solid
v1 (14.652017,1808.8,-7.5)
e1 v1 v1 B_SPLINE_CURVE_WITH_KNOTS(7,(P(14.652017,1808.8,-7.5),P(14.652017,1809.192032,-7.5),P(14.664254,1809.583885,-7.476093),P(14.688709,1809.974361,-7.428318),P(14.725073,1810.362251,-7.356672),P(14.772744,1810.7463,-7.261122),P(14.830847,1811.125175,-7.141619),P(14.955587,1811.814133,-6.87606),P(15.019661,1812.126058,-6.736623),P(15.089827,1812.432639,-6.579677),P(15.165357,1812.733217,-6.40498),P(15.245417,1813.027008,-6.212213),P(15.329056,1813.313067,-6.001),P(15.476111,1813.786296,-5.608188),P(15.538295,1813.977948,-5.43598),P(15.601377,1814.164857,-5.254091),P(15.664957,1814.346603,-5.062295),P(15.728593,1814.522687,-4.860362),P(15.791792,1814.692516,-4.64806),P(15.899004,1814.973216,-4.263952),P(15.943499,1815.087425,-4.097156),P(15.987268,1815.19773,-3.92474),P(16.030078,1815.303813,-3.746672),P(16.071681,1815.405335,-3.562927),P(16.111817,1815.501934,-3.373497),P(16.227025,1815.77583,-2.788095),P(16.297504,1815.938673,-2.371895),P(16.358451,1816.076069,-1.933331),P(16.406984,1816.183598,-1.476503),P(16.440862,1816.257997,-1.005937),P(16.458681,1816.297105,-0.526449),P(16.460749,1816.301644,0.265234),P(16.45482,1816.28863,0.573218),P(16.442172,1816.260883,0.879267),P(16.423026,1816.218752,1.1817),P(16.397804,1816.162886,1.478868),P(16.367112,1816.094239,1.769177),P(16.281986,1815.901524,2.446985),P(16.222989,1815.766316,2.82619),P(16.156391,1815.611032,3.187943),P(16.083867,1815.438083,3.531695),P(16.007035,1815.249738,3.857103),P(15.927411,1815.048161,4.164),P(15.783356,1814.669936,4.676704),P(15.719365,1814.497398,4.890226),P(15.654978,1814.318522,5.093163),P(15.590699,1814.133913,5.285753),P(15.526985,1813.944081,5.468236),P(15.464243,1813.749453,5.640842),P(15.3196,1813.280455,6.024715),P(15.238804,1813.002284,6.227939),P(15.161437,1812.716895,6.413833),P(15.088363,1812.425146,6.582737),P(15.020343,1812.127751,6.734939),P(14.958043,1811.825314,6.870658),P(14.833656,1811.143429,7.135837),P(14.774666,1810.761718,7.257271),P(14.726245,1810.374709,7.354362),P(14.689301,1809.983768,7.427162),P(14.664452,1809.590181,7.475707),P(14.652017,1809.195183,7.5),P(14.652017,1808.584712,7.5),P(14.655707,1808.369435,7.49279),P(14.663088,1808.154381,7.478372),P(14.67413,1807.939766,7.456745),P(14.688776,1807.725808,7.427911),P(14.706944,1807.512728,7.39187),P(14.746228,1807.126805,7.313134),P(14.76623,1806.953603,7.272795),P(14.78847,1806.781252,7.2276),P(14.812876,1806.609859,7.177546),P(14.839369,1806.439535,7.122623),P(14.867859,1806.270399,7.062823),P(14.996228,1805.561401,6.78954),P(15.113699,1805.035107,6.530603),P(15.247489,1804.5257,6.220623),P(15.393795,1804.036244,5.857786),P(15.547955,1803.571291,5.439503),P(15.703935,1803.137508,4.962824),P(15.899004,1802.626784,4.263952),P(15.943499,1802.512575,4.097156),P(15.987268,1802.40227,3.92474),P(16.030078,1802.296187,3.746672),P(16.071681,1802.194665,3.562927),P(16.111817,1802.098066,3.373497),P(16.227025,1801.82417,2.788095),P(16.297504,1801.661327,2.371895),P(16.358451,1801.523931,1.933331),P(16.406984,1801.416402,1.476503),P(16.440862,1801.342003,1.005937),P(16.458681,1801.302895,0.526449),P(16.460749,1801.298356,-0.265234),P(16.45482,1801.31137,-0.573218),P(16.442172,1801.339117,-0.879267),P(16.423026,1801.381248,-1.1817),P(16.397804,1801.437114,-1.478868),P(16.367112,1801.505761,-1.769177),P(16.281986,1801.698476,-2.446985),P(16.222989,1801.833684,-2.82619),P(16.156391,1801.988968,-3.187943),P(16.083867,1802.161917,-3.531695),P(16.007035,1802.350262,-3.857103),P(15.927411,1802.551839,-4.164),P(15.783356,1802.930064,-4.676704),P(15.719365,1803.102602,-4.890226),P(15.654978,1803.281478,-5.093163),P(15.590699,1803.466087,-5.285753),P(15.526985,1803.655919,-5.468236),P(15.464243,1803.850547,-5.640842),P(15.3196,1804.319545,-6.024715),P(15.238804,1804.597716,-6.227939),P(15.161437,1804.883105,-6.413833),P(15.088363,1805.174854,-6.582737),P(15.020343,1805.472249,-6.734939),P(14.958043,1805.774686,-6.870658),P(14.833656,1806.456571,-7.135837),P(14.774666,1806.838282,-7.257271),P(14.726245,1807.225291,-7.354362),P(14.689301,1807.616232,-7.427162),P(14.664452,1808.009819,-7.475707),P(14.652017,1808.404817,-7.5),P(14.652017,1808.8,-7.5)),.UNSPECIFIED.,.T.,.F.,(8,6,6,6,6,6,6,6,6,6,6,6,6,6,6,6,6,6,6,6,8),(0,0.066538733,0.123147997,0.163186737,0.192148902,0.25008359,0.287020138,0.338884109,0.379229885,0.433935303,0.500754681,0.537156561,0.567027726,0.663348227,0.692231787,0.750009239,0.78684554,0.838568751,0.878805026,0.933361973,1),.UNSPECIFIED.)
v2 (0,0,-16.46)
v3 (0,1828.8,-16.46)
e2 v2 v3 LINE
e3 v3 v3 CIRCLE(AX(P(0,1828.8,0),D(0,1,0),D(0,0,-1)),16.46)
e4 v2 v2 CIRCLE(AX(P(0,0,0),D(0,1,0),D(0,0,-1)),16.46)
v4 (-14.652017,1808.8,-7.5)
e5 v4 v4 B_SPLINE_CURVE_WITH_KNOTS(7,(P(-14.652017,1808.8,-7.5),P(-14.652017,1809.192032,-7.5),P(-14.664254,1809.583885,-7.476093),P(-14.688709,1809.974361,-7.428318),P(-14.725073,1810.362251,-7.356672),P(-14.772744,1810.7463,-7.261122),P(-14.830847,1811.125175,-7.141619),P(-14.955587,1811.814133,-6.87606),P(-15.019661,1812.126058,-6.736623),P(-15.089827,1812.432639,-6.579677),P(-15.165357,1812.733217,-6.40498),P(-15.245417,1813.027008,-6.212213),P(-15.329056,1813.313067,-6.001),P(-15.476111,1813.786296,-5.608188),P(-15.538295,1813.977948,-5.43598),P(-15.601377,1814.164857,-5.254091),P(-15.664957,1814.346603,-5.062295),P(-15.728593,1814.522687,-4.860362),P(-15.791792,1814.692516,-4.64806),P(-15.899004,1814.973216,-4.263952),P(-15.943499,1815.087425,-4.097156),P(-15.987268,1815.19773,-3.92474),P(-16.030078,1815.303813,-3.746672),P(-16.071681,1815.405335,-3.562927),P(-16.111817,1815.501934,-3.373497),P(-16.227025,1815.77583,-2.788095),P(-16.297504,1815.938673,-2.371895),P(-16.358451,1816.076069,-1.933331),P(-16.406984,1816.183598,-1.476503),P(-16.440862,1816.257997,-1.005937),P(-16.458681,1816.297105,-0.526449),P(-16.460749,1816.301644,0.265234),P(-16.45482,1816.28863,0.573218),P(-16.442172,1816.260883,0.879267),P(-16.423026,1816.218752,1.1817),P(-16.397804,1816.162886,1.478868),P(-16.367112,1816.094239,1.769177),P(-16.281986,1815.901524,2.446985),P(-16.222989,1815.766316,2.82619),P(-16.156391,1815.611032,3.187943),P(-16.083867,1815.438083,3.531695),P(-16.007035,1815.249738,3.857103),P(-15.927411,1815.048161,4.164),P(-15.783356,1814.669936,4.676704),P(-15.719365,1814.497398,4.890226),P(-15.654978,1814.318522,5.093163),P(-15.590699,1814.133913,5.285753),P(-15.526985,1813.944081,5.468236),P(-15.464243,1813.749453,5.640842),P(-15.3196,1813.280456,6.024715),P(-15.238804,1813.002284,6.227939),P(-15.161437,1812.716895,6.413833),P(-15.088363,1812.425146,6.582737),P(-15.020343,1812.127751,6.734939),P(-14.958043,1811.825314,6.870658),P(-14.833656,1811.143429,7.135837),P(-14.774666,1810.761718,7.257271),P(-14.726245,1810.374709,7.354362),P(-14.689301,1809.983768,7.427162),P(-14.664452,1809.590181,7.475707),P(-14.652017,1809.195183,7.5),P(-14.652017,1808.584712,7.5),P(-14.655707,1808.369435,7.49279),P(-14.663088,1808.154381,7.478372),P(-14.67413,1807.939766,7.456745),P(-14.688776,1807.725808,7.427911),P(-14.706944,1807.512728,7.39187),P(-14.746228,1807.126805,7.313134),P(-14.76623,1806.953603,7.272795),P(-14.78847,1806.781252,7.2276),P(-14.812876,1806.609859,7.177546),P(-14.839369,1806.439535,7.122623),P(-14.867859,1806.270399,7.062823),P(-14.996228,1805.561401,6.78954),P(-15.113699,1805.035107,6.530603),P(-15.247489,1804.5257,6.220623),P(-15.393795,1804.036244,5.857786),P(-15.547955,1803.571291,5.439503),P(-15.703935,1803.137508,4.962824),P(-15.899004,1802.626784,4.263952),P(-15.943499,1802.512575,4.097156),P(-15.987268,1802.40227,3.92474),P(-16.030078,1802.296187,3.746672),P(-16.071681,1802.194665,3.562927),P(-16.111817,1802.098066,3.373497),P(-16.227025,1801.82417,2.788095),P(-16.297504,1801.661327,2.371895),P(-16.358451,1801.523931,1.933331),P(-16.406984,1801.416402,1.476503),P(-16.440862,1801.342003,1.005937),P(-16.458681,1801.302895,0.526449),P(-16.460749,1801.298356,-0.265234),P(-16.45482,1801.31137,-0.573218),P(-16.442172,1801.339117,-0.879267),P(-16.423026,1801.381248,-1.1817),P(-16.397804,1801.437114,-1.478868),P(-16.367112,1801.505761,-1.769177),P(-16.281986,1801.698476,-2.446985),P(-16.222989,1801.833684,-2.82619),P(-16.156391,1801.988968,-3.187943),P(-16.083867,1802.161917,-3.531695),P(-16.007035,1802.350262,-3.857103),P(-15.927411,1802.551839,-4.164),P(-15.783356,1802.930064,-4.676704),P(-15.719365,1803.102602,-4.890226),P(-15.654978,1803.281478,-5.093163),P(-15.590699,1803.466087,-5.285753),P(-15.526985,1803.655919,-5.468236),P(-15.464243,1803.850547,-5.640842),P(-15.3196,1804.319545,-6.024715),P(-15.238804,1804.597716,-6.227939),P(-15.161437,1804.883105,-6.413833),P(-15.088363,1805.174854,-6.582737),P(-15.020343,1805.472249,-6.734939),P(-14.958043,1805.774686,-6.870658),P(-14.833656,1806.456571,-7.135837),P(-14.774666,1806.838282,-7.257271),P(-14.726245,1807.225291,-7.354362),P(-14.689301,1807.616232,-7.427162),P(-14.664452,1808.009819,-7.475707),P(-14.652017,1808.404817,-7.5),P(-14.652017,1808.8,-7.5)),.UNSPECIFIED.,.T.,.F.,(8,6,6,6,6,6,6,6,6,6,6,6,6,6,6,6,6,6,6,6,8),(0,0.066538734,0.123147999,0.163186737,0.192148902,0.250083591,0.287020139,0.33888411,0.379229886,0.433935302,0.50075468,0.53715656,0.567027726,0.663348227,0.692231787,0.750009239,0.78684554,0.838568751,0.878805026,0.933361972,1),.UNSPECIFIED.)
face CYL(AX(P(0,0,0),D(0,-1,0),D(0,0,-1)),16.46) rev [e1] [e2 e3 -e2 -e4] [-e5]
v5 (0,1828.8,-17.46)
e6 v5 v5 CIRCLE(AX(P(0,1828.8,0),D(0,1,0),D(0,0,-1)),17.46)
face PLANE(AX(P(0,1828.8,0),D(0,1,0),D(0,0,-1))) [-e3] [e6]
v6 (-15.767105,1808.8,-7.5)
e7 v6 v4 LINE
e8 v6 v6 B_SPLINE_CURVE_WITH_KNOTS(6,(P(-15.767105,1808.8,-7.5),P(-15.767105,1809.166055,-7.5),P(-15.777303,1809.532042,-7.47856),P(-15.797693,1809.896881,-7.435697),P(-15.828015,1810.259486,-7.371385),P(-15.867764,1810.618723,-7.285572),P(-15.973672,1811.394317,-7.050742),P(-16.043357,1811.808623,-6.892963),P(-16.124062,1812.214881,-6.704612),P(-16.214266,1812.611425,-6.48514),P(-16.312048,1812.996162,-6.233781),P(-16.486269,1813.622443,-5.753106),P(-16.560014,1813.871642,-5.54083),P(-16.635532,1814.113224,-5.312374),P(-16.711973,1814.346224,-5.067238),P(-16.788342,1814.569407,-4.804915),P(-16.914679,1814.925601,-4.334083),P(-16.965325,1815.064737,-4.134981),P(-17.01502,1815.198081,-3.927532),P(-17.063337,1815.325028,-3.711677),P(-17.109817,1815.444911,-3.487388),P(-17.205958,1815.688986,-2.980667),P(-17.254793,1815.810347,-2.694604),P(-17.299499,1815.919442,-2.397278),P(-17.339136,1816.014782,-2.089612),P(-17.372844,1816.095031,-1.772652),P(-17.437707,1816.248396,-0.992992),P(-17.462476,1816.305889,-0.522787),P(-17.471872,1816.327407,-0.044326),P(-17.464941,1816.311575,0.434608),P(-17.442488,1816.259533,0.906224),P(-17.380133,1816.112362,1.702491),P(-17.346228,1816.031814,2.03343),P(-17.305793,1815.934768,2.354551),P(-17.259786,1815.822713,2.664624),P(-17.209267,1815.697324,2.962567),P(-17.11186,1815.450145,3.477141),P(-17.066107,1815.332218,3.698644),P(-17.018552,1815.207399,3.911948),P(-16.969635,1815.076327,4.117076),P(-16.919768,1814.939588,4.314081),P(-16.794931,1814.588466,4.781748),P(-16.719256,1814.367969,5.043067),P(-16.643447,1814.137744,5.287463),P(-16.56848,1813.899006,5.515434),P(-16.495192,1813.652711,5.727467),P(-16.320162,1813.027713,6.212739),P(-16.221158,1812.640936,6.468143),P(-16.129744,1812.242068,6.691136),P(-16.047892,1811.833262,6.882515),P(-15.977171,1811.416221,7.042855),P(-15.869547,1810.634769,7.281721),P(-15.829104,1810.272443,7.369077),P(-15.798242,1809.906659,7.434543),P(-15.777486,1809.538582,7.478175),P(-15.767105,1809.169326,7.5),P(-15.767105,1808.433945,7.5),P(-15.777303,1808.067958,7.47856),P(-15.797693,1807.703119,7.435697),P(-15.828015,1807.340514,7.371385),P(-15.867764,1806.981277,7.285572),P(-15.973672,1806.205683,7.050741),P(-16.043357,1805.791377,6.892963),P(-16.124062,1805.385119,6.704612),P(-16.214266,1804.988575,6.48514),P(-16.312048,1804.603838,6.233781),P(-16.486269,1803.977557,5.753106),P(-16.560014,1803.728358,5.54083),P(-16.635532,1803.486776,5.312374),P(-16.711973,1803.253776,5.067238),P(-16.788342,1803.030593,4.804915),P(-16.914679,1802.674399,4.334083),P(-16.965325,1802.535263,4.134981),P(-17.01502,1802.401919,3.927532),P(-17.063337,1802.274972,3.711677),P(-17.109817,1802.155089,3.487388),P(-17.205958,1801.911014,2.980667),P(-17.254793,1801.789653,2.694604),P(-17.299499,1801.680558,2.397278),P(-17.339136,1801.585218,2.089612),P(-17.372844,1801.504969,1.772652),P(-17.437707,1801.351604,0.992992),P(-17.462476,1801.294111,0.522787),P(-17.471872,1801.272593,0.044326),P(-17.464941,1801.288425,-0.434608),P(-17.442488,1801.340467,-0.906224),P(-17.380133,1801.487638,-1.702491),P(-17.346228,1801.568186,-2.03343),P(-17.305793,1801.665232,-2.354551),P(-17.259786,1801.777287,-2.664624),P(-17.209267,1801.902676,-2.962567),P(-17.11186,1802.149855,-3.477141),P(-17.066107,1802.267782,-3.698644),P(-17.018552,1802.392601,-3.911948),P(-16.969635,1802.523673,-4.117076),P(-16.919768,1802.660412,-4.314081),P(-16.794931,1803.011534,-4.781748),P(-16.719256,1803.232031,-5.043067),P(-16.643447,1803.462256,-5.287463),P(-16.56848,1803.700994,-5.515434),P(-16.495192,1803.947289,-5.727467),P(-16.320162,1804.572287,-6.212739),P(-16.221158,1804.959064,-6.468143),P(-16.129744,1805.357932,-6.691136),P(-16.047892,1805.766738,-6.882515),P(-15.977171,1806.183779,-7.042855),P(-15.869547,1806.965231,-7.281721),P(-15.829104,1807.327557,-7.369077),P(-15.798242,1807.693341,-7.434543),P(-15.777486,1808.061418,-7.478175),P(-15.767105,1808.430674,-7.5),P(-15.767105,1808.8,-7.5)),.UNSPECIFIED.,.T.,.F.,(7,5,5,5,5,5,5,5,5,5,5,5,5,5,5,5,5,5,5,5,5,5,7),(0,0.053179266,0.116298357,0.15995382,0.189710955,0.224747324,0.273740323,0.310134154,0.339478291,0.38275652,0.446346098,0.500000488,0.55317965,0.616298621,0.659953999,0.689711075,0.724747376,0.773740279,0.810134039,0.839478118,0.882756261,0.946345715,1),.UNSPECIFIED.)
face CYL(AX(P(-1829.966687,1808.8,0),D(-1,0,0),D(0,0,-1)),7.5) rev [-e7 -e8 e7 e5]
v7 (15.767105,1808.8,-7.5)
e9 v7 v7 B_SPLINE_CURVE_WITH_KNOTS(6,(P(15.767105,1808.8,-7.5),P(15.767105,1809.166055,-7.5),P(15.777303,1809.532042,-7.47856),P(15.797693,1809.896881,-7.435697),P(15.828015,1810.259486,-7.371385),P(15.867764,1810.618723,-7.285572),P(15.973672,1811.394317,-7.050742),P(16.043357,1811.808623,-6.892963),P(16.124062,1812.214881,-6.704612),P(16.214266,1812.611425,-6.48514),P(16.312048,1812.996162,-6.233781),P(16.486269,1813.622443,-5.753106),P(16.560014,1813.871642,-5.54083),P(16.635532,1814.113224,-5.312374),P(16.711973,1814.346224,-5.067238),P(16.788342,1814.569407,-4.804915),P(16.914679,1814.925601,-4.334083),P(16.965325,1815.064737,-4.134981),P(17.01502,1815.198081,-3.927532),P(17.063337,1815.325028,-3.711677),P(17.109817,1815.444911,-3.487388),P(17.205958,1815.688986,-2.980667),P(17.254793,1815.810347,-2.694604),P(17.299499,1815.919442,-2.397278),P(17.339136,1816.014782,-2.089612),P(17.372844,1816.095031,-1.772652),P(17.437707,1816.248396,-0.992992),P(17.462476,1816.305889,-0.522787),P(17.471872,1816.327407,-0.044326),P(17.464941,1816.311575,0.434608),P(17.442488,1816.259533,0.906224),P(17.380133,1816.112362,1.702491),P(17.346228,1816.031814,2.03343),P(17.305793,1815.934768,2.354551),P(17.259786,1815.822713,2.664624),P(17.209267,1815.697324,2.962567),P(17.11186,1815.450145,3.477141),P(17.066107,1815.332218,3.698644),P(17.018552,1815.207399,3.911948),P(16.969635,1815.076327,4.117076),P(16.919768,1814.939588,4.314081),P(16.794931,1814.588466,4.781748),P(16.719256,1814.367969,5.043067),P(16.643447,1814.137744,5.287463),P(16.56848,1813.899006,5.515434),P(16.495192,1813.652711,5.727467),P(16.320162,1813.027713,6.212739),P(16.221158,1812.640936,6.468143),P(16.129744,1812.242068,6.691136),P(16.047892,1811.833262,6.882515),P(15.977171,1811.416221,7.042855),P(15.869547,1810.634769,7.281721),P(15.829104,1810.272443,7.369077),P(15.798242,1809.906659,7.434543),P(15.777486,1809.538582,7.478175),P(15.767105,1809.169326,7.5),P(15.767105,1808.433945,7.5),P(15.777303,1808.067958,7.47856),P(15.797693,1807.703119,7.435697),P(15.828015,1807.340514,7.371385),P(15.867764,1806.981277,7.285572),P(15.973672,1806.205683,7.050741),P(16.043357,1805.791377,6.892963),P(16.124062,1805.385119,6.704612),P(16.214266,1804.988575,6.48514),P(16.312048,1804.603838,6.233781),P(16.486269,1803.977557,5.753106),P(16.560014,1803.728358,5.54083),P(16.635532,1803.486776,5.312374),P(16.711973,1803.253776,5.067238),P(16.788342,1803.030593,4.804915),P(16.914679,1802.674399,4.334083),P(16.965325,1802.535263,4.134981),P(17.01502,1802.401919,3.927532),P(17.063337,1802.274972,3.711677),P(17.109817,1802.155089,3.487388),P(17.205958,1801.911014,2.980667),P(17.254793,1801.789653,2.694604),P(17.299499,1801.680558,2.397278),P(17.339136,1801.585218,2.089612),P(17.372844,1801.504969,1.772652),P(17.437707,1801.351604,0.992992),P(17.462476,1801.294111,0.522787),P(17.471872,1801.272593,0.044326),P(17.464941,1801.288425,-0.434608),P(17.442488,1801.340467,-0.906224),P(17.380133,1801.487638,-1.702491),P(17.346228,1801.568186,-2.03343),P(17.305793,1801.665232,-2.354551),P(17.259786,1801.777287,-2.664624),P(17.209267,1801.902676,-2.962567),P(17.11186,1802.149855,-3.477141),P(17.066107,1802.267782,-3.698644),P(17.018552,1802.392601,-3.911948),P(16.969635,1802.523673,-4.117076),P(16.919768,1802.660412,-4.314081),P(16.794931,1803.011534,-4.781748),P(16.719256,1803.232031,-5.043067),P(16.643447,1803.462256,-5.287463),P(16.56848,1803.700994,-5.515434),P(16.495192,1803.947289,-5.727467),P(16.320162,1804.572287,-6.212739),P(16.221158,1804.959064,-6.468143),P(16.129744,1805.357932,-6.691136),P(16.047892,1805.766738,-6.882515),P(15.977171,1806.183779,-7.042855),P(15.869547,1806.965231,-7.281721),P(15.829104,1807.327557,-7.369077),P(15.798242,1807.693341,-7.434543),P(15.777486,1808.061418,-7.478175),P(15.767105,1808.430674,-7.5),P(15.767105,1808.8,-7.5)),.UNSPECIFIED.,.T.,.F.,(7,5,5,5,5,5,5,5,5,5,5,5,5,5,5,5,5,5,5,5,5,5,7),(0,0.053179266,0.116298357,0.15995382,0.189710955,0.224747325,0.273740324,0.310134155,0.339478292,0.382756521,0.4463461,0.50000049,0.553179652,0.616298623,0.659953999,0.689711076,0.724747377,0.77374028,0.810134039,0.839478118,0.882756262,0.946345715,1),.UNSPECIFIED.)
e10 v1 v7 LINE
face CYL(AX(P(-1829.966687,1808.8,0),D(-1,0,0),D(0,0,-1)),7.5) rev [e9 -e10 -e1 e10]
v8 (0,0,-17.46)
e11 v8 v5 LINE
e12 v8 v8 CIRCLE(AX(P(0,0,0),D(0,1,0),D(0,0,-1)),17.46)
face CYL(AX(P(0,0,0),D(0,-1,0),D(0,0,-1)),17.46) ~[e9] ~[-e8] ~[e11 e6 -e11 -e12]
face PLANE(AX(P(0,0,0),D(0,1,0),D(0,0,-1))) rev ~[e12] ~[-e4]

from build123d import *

# Parameters (mm, degrees)
SKETCH1_R               = 17.46
SKETCH1_R_2             = 16.46
BOSS_EXTRUDE1_DEPTH     = 1828.8
CUT_EXTRUDE1_DEPTH      = 1829.966687285
CUT_EXTRUDE1_DEPTH_BACK = 1829.966687285
SKETCH2_R               = 7.5


with BuildPart() as part:
    # Sketch1 → Boss-Extrude1 (new body)
    with BuildSketch(Plane(origin=(0, 0, 0), x_dir=(1, 0, 0), z_dir=(0, 1, 0))):
        with Locations(Location((0, 0, 0), (0, 0, 90))):
            Circle(SKETCH1_R)
        with Locations(Location((0, 0, 0), (0, 0, 90))):
            Circle(SKETCH1_R_2, mode=Mode.SUBTRACT)
    extrude(amount=BOSS_EXTRUDE1_DEPTH)

    # Sketch2 → Cut-Extrude1 (cut, two sides: drawn at the far end of the back side and taken through both)
    with BuildSketch(Plane(origin=(0, 0, 0), x_dir=(0, 0, -1), z_dir=(1, 0, 0)).offset(-CUT_EXTRUDE1_DEPTH_BACK)):
        with Locations((0, 1808.8)):
            Circle(SKETCH2_R)
    extrude(amount=CUT_EXTRUDE1_DEPTH + CUT_EXTRUDE1_DEPTH_BACK, mode=Mode.SUBTRACT)


solid = part.part
